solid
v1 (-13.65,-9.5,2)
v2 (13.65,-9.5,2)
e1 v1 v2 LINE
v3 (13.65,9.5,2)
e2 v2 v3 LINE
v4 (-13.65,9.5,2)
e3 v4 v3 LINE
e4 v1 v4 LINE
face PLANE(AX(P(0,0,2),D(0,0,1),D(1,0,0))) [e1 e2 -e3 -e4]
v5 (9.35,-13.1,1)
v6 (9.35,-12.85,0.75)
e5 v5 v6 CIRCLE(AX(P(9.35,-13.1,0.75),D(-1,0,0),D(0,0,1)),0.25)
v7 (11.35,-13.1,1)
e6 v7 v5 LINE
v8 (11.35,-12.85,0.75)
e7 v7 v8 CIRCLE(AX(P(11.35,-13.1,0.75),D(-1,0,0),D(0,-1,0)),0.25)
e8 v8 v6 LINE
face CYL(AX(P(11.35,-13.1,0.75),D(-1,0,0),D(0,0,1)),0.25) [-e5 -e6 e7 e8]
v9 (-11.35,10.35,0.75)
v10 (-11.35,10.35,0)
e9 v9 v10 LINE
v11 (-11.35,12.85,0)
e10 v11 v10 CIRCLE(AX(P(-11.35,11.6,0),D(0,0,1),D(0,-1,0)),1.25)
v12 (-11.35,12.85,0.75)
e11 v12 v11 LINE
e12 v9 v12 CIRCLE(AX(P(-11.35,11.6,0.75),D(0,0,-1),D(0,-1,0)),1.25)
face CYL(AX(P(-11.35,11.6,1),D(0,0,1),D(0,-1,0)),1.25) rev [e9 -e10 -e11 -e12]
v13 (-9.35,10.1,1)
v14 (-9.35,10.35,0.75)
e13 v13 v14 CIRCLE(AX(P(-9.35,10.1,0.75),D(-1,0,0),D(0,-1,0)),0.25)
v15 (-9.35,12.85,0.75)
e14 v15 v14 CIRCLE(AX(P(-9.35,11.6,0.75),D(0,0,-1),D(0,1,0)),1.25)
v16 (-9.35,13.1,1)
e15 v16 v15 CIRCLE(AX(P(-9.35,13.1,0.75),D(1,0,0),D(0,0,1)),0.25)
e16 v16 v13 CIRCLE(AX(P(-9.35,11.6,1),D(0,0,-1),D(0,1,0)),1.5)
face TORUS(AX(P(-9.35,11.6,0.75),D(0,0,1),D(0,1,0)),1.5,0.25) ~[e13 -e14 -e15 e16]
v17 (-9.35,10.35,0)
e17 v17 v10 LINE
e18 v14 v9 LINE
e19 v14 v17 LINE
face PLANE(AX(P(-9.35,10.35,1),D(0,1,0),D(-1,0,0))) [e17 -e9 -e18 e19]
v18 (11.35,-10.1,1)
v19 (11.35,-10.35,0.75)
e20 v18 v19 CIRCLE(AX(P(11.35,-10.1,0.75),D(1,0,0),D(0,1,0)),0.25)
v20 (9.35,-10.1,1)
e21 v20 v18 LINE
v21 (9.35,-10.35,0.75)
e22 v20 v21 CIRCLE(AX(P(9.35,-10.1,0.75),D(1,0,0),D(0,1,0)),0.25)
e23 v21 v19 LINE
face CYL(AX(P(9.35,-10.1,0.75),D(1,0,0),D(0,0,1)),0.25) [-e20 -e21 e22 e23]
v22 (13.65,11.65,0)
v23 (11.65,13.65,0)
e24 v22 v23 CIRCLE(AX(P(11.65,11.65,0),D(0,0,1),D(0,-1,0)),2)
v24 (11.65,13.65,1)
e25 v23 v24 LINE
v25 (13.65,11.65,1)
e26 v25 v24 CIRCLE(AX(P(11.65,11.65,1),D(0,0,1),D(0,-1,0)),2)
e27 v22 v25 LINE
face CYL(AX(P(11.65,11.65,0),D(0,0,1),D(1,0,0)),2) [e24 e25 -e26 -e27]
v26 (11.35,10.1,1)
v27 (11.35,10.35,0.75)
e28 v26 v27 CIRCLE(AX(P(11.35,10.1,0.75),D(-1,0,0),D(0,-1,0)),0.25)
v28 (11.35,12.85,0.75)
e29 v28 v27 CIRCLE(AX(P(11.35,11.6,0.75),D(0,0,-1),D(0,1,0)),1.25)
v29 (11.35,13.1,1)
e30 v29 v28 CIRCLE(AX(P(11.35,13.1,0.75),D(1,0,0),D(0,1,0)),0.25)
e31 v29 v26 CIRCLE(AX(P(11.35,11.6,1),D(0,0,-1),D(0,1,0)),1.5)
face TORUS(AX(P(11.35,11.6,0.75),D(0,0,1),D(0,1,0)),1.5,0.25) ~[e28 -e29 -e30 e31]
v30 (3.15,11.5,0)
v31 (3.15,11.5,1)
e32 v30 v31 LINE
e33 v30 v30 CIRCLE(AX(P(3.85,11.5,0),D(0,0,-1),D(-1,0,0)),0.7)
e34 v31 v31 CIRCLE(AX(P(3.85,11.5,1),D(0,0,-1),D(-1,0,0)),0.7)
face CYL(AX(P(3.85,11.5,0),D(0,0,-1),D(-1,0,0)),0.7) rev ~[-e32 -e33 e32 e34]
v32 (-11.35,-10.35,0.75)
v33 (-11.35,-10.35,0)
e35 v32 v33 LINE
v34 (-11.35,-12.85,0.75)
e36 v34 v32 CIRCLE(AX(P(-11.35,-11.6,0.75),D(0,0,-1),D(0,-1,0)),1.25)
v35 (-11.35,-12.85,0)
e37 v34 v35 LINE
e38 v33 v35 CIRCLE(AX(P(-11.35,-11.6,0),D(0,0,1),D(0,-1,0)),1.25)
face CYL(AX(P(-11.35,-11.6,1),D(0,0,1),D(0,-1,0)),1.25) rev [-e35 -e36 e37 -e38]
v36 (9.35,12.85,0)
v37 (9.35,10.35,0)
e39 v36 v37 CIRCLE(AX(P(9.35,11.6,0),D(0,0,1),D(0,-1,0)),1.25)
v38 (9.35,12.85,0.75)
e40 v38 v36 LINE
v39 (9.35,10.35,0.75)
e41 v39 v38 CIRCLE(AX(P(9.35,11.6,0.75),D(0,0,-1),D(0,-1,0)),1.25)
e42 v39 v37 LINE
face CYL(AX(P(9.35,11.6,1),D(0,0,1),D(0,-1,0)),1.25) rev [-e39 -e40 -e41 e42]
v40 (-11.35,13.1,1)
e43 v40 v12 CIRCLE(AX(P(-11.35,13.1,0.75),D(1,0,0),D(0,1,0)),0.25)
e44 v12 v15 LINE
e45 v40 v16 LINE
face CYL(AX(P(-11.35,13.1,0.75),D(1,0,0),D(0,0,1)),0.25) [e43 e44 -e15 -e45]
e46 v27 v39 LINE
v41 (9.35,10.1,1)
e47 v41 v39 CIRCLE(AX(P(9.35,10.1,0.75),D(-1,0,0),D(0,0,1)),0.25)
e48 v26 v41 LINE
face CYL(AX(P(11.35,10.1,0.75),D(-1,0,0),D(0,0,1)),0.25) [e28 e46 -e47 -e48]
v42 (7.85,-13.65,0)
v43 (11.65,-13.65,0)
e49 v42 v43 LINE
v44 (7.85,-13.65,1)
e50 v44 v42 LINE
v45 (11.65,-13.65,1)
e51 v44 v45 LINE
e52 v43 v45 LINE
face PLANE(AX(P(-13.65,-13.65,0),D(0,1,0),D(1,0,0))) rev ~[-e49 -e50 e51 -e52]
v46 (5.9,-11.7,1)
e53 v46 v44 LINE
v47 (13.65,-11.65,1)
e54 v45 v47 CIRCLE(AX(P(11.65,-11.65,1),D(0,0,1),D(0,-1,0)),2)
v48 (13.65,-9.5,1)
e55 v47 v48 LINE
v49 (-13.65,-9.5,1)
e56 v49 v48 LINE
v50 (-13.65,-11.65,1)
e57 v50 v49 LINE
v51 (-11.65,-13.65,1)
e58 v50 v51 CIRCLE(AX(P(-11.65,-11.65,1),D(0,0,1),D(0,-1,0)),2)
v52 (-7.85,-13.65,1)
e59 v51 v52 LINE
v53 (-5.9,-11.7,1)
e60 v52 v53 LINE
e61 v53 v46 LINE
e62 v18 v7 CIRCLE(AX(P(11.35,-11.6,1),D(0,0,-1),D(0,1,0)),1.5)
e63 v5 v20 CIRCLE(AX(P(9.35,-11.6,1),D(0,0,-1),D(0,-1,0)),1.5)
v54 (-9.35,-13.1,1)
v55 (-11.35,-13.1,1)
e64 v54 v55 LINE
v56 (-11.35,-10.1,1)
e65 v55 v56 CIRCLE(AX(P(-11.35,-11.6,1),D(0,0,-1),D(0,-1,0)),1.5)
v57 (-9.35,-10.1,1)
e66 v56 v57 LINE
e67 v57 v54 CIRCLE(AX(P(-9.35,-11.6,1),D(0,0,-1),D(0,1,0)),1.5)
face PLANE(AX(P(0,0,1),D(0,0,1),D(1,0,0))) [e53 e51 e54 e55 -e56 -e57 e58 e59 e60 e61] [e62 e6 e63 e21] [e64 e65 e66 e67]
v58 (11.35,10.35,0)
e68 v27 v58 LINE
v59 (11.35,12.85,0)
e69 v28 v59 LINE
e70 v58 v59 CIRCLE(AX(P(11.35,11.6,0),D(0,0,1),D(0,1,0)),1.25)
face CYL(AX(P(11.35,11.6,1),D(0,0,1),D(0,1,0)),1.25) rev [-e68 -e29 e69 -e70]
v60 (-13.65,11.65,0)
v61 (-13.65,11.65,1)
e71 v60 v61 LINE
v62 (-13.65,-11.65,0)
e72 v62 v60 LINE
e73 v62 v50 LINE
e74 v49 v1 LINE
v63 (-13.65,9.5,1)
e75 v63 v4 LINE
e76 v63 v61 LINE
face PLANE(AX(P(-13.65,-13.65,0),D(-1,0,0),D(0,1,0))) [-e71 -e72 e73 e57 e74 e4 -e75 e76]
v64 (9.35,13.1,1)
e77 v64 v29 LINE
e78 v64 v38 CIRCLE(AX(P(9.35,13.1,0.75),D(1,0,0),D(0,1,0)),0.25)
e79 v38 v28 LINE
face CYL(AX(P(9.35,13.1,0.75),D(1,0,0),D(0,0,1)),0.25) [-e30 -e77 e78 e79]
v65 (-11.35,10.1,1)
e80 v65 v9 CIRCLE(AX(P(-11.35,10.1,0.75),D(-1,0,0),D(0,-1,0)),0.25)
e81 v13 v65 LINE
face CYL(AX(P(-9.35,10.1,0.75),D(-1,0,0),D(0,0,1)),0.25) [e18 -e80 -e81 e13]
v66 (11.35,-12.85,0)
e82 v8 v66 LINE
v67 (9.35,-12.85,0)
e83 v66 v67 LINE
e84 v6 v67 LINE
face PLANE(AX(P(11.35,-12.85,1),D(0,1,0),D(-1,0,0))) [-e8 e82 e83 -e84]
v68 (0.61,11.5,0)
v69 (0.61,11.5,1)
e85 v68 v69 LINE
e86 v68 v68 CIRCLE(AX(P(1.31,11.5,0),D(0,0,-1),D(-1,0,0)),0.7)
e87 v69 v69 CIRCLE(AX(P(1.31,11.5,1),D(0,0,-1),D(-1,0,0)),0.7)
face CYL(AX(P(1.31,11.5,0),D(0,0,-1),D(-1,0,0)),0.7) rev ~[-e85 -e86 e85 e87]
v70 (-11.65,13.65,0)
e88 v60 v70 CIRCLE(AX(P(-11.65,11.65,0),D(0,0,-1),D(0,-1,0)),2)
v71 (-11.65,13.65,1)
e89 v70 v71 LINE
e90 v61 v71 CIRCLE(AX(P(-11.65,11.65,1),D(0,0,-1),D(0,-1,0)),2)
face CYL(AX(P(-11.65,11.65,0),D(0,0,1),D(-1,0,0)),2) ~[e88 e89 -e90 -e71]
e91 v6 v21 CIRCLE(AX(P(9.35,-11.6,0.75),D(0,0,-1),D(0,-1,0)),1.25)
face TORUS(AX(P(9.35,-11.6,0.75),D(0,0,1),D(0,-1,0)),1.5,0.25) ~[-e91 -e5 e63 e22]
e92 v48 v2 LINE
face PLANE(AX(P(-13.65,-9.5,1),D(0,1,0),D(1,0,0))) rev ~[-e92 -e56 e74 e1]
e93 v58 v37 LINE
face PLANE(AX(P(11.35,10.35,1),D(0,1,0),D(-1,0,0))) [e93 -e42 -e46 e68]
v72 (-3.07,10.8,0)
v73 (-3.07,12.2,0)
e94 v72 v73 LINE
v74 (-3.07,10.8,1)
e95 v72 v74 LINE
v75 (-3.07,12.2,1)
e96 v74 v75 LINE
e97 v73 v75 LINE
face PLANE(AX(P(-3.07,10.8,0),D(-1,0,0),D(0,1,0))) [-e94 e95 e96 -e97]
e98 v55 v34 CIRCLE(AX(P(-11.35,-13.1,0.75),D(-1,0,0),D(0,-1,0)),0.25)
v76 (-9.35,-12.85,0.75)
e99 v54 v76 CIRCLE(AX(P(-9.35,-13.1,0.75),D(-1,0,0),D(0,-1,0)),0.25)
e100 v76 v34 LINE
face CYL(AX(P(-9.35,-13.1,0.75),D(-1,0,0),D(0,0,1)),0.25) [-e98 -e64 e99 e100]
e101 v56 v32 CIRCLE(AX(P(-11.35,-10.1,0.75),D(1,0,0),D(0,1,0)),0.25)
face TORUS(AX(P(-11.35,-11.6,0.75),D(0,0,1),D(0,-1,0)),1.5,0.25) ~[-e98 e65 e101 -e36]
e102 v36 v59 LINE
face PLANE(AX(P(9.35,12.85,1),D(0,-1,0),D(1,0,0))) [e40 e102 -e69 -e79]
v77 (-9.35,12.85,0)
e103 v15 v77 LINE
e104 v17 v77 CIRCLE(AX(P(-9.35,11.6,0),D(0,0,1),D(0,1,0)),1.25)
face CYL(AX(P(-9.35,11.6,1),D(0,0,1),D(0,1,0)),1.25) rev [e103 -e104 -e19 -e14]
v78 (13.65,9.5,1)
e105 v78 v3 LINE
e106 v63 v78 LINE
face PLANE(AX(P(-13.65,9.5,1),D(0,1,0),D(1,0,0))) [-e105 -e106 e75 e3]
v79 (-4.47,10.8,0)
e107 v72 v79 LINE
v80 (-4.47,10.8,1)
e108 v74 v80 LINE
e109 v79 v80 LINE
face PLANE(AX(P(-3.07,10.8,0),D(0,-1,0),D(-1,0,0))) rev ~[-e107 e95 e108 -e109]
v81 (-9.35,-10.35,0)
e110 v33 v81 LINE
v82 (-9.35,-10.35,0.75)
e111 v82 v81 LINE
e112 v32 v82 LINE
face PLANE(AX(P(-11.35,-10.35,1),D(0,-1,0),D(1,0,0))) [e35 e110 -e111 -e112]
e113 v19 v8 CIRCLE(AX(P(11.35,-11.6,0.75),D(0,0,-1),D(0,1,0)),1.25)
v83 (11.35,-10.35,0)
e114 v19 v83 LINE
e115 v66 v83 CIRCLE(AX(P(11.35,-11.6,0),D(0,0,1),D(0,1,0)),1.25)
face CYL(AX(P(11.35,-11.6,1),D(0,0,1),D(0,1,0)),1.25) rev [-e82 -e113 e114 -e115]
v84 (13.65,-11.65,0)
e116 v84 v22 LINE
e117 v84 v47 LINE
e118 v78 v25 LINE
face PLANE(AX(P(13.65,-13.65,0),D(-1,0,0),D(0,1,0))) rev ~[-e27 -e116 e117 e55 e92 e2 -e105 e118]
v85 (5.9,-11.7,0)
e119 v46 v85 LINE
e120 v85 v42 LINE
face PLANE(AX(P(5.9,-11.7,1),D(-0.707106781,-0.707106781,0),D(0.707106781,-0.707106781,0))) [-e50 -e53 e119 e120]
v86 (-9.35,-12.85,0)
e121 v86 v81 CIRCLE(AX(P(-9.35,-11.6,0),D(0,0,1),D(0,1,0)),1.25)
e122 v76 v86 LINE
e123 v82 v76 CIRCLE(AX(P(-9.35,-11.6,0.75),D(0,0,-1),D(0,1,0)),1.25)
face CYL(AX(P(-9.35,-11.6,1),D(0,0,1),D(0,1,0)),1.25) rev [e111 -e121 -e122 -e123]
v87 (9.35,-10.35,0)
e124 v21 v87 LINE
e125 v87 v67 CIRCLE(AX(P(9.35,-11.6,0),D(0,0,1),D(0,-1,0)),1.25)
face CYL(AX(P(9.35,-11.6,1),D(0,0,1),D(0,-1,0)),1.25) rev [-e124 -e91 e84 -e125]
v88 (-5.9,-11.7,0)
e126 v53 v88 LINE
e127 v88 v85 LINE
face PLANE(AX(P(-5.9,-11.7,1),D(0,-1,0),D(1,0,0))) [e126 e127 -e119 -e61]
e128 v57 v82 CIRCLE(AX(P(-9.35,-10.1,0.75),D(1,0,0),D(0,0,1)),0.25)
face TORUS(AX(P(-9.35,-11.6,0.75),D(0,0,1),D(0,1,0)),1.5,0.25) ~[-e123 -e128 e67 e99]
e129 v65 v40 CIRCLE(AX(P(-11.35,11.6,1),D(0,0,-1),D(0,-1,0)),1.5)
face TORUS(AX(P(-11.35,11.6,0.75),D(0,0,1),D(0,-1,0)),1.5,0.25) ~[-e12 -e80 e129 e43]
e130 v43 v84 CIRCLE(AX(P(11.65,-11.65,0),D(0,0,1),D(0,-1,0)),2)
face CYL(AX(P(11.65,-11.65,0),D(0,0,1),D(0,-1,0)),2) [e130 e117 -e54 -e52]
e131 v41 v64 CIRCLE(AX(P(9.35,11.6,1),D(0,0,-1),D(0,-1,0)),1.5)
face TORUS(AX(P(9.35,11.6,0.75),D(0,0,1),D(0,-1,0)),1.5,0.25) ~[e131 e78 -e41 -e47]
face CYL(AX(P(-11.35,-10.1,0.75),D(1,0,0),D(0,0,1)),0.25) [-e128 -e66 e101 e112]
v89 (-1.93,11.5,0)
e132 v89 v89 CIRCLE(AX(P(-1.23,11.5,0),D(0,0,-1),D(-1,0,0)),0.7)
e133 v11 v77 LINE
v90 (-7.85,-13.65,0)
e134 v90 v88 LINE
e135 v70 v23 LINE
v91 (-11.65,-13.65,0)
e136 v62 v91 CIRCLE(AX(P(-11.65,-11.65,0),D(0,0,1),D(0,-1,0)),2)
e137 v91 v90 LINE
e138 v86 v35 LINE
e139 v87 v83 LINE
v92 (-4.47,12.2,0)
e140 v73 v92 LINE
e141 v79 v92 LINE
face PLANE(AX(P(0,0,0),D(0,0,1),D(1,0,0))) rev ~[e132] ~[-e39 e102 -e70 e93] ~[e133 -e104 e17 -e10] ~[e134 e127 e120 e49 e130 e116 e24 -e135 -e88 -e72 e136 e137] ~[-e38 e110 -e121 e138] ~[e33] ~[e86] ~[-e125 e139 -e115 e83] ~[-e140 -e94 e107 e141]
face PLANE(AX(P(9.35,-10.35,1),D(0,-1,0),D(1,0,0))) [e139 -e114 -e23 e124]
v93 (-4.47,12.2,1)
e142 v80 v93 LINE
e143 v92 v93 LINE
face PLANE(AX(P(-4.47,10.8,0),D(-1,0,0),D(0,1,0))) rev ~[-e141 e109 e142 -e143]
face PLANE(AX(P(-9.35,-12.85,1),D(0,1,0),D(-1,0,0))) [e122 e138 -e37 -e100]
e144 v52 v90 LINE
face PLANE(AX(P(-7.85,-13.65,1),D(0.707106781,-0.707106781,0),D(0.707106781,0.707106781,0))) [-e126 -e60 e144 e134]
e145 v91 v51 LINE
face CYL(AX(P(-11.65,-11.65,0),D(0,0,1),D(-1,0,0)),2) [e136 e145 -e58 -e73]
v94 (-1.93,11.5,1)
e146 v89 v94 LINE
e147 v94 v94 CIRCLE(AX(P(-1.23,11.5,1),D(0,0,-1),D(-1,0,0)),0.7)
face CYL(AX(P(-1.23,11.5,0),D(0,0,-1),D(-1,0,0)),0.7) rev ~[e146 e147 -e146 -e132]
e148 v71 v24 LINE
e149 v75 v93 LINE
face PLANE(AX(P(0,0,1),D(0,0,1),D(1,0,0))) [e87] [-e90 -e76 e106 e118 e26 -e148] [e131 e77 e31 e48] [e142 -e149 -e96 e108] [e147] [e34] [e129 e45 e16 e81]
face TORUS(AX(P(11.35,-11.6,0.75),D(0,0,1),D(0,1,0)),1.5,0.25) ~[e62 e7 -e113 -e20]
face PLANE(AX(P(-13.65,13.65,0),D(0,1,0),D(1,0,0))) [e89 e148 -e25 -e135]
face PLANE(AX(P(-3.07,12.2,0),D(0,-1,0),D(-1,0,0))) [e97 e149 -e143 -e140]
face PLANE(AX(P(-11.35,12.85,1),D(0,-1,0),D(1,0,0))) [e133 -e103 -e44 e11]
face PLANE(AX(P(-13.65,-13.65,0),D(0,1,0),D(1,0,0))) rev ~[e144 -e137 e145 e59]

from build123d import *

# Parameters (mm, degrees)
SKETCH1_W           = 27.3
SKETCH1_H           = 27.3
BOSS_EXTRUDE1_DEPTH = 1
FILLET1_R           = 2
CUT_EXTRUDE1_DEPTH  = 2
SKETCH5_W           = 27.3
SKETCH5_H           = 19
BOSS_EXTRUDE2_DEPTH = 1
CUT_EXTRUDE2_DEPTH  = 2
FILLET2_R           = 0.25
SKETCH7_R           = 0.7
SKETCH7_W           = 1.4
SKETCH7_H           = 1.4
CUT_EXTRUDE3_DEPTH  = 1


with BuildPart() as part:
    # Sketch1 → Boss-Extrude1 (new body)
    with BuildSketch(Plane.XY):
        Rectangle(SKETCH1_W, SKETCH1_H)
    extrude(amount=BOSS_EXTRUDE1_DEPTH)

    # Fillet1
    fillet1_edges = [part.edges().sort_by_distance(p)[0] for p in [
        (13.65, -13.65, 0.5),
        (-13.65, -13.65, 0.5),
        (-13.65, 13.65, 0.5),
        (13.65, 13.65, 0.5),
    ]]
    fillet(fillet1_edges, radius=FILLET1_R)

    # Sketch2 → Cut-Extrude1 (cut)
    with BuildSketch(Plane.XY.offset(1)):
        with BuildLine():
            Line((-11.35, 12.85), (-9.35, 12.85))
            ThreePointArc((-9.35, 12.85), (-8.1, 11.6), (-9.35, 10.35))
            Line((-9.35, 10.35), (-11.35, 10.35))
            ThreePointArc((-11.35, 10.35), (-12.6, 11.6), (-11.35, 12.85))
        make_face()
        with BuildLine():
            Line((11.35, 10.35), (9.35, 10.35))
            ThreePointArc((9.35, 10.35), (8.1, 11.6), (9.35, 12.85))
            Line((9.35, 12.85), (11.35, 12.85))
            ThreePointArc((11.35, 12.85), (12.6, 11.6), (11.35, 10.35))
        make_face()
        with BuildLine():
            Line((-11.35, -10.35), (-9.35, -10.35))
            ThreePointArc((-9.35, -10.35), (-8.1, -11.6), (-9.35, -12.85))
            Line((-9.35, -12.85), (-11.35, -12.85))
            ThreePointArc((-11.35, -12.85), (-12.6, -11.6), (-11.35, -10.35))
        make_face()
        with BuildLine():
            Line((11.35, -12.85), (9.35, -12.85))
            ThreePointArc((9.35, -12.85), (8.1, -11.6), (9.35, -10.35))
            Line((9.35, -10.35), (11.35, -10.35))
            ThreePointArc((11.35, -10.35), (12.6, -11.6), (11.35, -12.85))
        make_face()
    extrude(amount=-CUT_EXTRUDE1_DEPTH, mode=Mode.SUBTRACT)

    # Sketch5 → Boss-Extrude2 (add)
    with BuildSketch(Plane.XY.offset(1)):
        Rectangle(SKETCH5_W, SKETCH5_H)
    extrude(amount=BOSS_EXTRUDE2_DEPTH)

    # Sketch3 → Cut-Extrude2 (cut)
    with BuildSketch(Plane.XY.offset(1)):
        Polygon((-7.85, -13.65), (-5.9, -11.7), (5.9, -11.7), (7.85, -13.65), align=None)
    extrude(amount=-CUT_EXTRUDE2_DEPTH, mode=Mode.SUBTRACT)

    # Fillet2
    fillet2_edges = [part.edges().sort_by_distance(p)[0] for p in [
        (12.6, 11.6, 1),
        (10.35, 12.85, 1),
        (8.1, 11.6, 1),
        (10.35, 10.35, 1),
        (-12.6, -11.6, 1),
        (-10.35, -12.85, 1),
        (-8.1, -11.6, 1),
        (-10.35, -10.35, 1),
        (12.6, -11.6, 1),
        (10.35, -10.35, 1),
        (8.1, -11.6, 1),
        (10.35, -12.85, 1),
        (-12.6, 11.6, 1),
        (-10.35, 10.35, 1),
        (-8.1, 11.6, 1),
        (-10.35, 12.85, 1),
    ]]
    fillet(fillet2_edges, radius=FILLET2_R)

    # Sketch7 → Cut-Extrude3 (cut)
    with BuildSketch(Plane(origin=(0, 0, 0), x_dir=(-1, 0, 0), z_dir=(0, 0, -1))):
        with Locations((-3.85, 11.5)):
            Circle(SKETCH7_R)
        with Locations((-1.31, 11.5)):
            Circle(SKETCH7_R)
        with Locations((1.23, 11.5)):
            Circle(SKETCH7_R)
        with Locations((3.77, 11.5)):
            Rectangle(SKETCH7_W, SKETCH7_H)
    extrude(amount=-CUT_EXTRUDE3_DEPTH, mode=Mode.SUBTRACT)


solid = part.part
